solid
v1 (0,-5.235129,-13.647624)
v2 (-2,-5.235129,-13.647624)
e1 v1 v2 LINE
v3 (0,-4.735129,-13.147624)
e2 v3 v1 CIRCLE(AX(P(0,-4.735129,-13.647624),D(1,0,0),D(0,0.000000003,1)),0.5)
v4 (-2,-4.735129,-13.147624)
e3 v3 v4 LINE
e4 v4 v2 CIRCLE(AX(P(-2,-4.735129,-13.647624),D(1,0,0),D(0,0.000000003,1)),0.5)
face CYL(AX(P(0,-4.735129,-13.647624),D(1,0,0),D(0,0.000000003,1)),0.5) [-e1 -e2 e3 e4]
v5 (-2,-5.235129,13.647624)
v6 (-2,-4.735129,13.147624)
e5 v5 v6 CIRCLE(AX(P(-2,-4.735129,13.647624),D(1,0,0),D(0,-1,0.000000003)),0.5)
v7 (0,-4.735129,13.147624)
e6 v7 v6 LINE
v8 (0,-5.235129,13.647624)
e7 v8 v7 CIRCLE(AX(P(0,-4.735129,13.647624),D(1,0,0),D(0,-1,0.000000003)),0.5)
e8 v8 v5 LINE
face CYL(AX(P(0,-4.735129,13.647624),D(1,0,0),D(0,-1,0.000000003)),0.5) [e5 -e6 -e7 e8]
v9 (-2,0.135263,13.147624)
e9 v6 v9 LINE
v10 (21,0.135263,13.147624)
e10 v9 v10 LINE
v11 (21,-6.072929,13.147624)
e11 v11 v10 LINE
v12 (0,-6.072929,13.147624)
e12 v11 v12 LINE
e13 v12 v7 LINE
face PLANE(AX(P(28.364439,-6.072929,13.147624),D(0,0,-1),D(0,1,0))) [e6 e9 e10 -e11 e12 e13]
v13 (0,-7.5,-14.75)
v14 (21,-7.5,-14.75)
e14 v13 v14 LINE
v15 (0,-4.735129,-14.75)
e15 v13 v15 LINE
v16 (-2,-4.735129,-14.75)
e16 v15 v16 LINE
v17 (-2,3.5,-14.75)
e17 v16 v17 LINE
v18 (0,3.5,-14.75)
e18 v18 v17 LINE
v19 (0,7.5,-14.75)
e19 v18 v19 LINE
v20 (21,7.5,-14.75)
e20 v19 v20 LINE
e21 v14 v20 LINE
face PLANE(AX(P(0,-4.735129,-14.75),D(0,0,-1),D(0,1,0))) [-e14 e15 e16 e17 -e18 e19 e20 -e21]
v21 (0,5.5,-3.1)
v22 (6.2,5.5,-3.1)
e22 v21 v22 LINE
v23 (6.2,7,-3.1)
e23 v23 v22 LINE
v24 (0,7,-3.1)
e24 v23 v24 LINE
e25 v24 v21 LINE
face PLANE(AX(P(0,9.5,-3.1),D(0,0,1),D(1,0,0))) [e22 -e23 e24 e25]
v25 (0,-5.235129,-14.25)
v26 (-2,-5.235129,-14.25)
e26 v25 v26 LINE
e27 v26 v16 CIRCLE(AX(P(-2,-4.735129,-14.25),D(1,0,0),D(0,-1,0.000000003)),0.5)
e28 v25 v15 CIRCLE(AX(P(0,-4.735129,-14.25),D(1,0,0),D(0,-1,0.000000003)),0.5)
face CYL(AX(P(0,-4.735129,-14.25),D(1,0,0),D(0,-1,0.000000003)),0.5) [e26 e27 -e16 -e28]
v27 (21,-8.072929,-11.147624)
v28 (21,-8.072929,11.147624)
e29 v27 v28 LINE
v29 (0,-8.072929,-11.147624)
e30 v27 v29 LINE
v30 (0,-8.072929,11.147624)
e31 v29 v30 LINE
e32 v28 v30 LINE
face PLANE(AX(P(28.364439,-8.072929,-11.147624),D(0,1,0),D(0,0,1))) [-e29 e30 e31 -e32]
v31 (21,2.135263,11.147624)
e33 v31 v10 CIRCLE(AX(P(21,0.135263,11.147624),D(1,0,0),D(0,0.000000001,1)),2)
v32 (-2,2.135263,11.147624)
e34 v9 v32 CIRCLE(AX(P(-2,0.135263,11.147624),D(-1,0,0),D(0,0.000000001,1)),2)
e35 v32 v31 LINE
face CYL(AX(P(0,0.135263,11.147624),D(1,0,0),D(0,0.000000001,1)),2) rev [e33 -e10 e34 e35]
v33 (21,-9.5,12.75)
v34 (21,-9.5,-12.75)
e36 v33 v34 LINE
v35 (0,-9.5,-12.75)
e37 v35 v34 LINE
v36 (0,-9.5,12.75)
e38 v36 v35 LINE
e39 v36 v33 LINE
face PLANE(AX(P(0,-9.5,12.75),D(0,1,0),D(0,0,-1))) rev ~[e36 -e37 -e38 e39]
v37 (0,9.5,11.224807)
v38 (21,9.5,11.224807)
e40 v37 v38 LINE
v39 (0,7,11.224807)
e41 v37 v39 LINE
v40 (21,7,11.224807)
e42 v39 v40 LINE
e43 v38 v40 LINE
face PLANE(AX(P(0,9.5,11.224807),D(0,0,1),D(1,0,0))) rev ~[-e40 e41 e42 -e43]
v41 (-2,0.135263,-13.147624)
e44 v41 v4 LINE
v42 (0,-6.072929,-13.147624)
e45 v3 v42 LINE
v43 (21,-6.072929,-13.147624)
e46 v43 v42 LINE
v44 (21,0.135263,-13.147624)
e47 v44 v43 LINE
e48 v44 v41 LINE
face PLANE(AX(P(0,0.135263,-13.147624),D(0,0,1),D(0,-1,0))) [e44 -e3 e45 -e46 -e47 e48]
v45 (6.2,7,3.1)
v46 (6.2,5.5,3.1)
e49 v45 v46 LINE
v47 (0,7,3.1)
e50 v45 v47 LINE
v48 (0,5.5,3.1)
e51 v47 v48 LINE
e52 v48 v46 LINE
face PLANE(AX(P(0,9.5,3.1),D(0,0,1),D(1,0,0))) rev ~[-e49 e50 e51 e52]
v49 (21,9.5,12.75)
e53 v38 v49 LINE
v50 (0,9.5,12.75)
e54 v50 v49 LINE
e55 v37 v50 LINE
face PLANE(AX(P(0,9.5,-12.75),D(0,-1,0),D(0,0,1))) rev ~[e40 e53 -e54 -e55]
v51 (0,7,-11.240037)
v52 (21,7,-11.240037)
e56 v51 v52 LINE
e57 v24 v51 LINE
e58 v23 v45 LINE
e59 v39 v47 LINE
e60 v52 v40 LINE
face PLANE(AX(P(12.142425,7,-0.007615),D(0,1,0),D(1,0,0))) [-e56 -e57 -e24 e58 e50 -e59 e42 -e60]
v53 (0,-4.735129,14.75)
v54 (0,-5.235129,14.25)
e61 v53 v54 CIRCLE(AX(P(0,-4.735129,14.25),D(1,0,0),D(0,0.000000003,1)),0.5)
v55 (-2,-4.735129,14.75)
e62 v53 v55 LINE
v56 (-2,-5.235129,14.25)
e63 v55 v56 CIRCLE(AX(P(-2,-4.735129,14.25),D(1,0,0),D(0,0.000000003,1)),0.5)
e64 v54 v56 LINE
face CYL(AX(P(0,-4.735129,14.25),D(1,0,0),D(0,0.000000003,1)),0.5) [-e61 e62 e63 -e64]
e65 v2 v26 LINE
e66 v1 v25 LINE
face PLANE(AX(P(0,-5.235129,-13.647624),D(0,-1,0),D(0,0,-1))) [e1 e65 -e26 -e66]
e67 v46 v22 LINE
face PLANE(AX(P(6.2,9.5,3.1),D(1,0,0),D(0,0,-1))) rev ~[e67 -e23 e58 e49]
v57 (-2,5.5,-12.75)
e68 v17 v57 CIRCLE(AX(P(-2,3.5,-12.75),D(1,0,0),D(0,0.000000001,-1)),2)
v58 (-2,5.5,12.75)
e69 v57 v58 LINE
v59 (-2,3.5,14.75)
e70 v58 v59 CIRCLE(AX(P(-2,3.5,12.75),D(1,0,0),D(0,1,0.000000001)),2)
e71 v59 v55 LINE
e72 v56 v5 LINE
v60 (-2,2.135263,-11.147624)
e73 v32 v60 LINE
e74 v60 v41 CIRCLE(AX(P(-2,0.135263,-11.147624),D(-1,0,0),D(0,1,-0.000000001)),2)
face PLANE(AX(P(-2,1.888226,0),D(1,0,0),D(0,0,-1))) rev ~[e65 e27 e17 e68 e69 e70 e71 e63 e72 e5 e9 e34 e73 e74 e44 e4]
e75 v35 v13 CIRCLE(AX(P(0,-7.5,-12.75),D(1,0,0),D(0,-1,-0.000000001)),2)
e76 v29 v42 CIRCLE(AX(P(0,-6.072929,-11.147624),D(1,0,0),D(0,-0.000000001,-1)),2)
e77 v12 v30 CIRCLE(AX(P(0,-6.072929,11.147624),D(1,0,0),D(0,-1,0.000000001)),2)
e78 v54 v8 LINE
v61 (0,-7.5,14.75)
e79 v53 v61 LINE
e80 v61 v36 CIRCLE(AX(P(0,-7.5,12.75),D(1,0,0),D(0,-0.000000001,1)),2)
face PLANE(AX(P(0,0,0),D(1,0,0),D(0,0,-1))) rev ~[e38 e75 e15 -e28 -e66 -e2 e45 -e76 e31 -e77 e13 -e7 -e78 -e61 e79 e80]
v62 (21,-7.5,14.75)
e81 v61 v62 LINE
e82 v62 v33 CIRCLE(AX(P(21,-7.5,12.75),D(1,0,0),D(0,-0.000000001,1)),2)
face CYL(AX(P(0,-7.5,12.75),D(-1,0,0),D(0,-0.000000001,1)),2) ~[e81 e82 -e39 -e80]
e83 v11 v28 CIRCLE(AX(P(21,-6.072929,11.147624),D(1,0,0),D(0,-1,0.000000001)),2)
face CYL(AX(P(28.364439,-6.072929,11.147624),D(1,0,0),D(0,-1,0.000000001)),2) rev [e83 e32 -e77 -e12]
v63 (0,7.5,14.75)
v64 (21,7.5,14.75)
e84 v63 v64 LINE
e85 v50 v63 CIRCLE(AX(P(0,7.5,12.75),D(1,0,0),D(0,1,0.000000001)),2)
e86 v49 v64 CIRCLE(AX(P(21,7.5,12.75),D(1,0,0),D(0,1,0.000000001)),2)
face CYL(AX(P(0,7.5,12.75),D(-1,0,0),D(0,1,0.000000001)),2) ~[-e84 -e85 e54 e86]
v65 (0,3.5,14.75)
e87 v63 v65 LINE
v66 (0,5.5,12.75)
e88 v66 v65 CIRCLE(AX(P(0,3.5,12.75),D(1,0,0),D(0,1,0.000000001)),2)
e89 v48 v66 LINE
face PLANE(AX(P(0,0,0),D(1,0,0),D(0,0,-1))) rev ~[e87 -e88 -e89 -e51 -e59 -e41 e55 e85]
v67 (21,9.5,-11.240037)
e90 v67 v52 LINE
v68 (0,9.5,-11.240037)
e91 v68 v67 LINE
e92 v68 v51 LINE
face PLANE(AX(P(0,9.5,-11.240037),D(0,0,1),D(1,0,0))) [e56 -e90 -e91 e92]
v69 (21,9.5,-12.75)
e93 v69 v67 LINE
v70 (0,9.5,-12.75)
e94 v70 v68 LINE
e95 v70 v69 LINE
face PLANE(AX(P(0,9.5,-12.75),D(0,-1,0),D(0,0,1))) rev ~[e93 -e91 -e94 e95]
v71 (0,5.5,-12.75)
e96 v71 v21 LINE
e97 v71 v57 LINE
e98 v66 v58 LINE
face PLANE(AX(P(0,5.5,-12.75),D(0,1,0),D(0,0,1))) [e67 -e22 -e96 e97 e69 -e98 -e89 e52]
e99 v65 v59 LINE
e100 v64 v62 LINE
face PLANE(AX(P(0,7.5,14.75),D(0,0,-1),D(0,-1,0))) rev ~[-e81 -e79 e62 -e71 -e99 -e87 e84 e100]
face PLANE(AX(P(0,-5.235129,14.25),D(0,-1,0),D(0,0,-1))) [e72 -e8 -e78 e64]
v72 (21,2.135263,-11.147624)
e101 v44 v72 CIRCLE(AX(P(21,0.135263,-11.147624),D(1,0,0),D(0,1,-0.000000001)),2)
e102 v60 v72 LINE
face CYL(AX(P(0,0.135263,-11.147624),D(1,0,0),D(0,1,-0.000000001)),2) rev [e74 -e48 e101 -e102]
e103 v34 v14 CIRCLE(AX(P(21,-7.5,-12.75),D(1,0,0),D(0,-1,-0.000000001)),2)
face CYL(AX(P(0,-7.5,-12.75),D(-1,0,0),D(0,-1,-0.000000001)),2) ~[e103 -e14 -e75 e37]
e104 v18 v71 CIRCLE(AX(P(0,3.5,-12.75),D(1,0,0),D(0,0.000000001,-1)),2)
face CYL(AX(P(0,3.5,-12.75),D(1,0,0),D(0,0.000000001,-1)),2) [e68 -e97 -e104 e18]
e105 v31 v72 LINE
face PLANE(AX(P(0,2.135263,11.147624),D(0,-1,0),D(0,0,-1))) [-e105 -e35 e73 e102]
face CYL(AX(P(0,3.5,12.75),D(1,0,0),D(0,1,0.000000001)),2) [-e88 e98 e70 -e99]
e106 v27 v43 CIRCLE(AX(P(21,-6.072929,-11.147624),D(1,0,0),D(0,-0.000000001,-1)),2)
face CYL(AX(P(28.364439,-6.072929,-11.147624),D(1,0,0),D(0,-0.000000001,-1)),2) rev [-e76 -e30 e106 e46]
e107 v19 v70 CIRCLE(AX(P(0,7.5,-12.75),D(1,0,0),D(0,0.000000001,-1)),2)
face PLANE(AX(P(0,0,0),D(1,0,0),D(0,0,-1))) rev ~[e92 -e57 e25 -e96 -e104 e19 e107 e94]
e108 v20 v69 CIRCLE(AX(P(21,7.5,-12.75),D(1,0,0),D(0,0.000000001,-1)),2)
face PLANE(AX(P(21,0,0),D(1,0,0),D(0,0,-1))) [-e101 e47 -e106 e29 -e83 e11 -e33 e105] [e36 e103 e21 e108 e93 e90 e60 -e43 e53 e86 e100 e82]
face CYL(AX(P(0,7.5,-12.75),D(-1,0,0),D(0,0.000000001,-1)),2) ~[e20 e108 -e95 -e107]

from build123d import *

# Parameters (mm, degrees)
BOSS_EXTRUDE1_DEPTH     = 21
SKETCH5_W               = 6.2
SKETCH5_H               = 6.2
CUT_EXTRUDE1_DEPTH      = 4
CUT_EXTRUDE2_DEPTH      = 28.364438602
CUT_EXTRUDE2_DEPTH_BACK = 28.364438602
SKETCH9_W               = 24.284850455
SKETCH9_H               = 22.464844075
CUT_EXTRUDE3_DEPTH      = 2.5
BOSS_EXTRUDE2_DEPTH     = 2


with BuildPart() as part:
    # Sketch3 → Boss-Extrude1 (new body)
    with BuildSketch(Plane(origin=(0, 0, 0), x_dir=(0, 0, -1), z_dir=(1, 0, 0))):
        with BuildLine():
            Line((-12.75, -9.5), (12.75, -9.5))
            ThreePointArc((12.75, -9.5), (14.164213562, -8.914213562), (14.75, -7.5))
            Line((14.75, -7.5), (14.75, 7.5))
            ThreePointArc((14.75, 7.5), (14.164213562, 8.914213562), (12.75, 9.5))
            Line((12.75, 9.5), (-12.75, 9.5))
            ThreePointArc((-12.75, 9.5), (-14.164213562, 8.914213562), (-14.75, 7.5))
            Line((-14.75, 7.5), (-14.75, -7.5))
            ThreePointArc((-14.75, -7.5), (-14.164213562, -8.914213562), (-12.75, -9.5))
        make_face()
    extrude(amount=BOSS_EXTRUDE1_DEPTH)

    # Sketch5 → Cut-Extrude1 (cut)
    with BuildSketch(Plane(origin=(0, 9.5, 0), x_dir=(1, 0, 0), z_dir=(0, 1, 0))):
        with Locations((3.1, 0)):
            Rectangle(SKETCH5_W, SKETCH5_H)
    extrude(amount=-CUT_EXTRUDE1_DEPTH, mode=Mode.SUBTRACT)

    # Sketch7 → Cut-Extrude2 (cut, two sides: drawn at the far end of the back side and taken through both)
    with BuildSketch(Plane.ZY.offset(-CUT_EXTRUDE2_DEPTH_BACK)):
        with BuildLine():
            Line((-11.147623693, -8.072928754), (11.147623693, -8.072928754))
            ThreePointArc((11.147623693, -8.072928754), (12.561837255, -7.487142316), (13.147623693, -6.072928754))
            Line((13.147623693, -6.072928754), (13.147623693, 0.135263404))
            ThreePointArc((13.147623693, 0.135263404), (12.561837255, 1.549476966), (11.147623693, 2.135263404))
            Line((11.147623693, 2.135263404), (-11.147623693, 2.135263404))
            ThreePointArc((-11.147623693, 2.135263404), (-12.561837255, 1.549476966), (-13.147623693, 0.135263404))
            Line((-13.147623693, 0.135263404), (-13.147623693, -6.072928754))
            ThreePointArc((-13.147623693, -6.072928754), (-12.561837255, -7.487142316), (-11.147623693, -8.072928754))
        make_face()
    extrude(amount=CUT_EXTRUDE2_DEPTH + CUT_EXTRUDE2_DEPTH_BACK, mode=Mode.SUBTRACT)

    # Sketch9 → Cut-Extrude3 (cut)
    with BuildSketch(Plane(origin=(0, 9.5, 0), x_dir=(1, 0, 0), z_dir=(0, 1, 0))):
        with Locations((12.142425228, 0.007615305)):
            Rectangle(SKETCH9_W, SKETCH9_H)
    extrude(amount=-CUT_EXTRUDE3_DEPTH, mode=Mode.SUBTRACT)

    # Sketch11 → Boss-Extrude2 (add)
    with BuildSketch(Plane.ZY):
        with BuildLine():
            Line((-13.647623693, -5.23512894), (-14.25, -5.23512894))
            ThreePointArc((-14.25, -5.23512894), (-14.603553391, -5.088682331), (-14.75, -4.73512894))
            Line((-14.75, -4.73512894), (-14.75, 3.5))
            ThreePointArc((-14.75, 3.5), (-14.164213562, 4.914213562), (-12.75, 5.5))
            Line((-12.75, 5.5), (12.75, 5.5))
            ThreePointArc((12.75, 5.5), (14.164213562, 4.914213562), (14.75, 3.5))
            Line((14.75, 3.5), (14.75, -4.73512894))
            ThreePointArc((14.75, -4.73512894), (14.603553391, -5.088682331), (14.25, -5.23512894))
            Line((14.25, -5.23512894), (13.647623693, -5.23512894))
            ThreePointArc((13.647623693, -5.23512894), (13.294070302, -5.088682331), (13.147623693, -4.73512894))
            Line((13.147623693, -4.73512894), (13.147623693, 0.135263404))
            ThreePointArc((13.147623693, 0.135263404), (12.561837255, 1.549476966), (11.147623693, 2.135263404))
            Line((11.147623693, 2.135263404), (-11.147623693, 2.135263404))
            ThreePointArc((-11.147623693, 2.135263404), (-12.561837255, 1.549476966), (-13.147623693, 0.135263404))
            Line((-13.147623693, 0.135263404), (-13.147623693, -4.73512894))
            ThreePointArc((-13.147623693, -4.73512894), (-13.294070302, -5.088682331), (-13.647623693, -5.23512894))
        make_face()
    extrude(amount=BOSS_EXTRUDE2_DEPTH)


solid = part.part
